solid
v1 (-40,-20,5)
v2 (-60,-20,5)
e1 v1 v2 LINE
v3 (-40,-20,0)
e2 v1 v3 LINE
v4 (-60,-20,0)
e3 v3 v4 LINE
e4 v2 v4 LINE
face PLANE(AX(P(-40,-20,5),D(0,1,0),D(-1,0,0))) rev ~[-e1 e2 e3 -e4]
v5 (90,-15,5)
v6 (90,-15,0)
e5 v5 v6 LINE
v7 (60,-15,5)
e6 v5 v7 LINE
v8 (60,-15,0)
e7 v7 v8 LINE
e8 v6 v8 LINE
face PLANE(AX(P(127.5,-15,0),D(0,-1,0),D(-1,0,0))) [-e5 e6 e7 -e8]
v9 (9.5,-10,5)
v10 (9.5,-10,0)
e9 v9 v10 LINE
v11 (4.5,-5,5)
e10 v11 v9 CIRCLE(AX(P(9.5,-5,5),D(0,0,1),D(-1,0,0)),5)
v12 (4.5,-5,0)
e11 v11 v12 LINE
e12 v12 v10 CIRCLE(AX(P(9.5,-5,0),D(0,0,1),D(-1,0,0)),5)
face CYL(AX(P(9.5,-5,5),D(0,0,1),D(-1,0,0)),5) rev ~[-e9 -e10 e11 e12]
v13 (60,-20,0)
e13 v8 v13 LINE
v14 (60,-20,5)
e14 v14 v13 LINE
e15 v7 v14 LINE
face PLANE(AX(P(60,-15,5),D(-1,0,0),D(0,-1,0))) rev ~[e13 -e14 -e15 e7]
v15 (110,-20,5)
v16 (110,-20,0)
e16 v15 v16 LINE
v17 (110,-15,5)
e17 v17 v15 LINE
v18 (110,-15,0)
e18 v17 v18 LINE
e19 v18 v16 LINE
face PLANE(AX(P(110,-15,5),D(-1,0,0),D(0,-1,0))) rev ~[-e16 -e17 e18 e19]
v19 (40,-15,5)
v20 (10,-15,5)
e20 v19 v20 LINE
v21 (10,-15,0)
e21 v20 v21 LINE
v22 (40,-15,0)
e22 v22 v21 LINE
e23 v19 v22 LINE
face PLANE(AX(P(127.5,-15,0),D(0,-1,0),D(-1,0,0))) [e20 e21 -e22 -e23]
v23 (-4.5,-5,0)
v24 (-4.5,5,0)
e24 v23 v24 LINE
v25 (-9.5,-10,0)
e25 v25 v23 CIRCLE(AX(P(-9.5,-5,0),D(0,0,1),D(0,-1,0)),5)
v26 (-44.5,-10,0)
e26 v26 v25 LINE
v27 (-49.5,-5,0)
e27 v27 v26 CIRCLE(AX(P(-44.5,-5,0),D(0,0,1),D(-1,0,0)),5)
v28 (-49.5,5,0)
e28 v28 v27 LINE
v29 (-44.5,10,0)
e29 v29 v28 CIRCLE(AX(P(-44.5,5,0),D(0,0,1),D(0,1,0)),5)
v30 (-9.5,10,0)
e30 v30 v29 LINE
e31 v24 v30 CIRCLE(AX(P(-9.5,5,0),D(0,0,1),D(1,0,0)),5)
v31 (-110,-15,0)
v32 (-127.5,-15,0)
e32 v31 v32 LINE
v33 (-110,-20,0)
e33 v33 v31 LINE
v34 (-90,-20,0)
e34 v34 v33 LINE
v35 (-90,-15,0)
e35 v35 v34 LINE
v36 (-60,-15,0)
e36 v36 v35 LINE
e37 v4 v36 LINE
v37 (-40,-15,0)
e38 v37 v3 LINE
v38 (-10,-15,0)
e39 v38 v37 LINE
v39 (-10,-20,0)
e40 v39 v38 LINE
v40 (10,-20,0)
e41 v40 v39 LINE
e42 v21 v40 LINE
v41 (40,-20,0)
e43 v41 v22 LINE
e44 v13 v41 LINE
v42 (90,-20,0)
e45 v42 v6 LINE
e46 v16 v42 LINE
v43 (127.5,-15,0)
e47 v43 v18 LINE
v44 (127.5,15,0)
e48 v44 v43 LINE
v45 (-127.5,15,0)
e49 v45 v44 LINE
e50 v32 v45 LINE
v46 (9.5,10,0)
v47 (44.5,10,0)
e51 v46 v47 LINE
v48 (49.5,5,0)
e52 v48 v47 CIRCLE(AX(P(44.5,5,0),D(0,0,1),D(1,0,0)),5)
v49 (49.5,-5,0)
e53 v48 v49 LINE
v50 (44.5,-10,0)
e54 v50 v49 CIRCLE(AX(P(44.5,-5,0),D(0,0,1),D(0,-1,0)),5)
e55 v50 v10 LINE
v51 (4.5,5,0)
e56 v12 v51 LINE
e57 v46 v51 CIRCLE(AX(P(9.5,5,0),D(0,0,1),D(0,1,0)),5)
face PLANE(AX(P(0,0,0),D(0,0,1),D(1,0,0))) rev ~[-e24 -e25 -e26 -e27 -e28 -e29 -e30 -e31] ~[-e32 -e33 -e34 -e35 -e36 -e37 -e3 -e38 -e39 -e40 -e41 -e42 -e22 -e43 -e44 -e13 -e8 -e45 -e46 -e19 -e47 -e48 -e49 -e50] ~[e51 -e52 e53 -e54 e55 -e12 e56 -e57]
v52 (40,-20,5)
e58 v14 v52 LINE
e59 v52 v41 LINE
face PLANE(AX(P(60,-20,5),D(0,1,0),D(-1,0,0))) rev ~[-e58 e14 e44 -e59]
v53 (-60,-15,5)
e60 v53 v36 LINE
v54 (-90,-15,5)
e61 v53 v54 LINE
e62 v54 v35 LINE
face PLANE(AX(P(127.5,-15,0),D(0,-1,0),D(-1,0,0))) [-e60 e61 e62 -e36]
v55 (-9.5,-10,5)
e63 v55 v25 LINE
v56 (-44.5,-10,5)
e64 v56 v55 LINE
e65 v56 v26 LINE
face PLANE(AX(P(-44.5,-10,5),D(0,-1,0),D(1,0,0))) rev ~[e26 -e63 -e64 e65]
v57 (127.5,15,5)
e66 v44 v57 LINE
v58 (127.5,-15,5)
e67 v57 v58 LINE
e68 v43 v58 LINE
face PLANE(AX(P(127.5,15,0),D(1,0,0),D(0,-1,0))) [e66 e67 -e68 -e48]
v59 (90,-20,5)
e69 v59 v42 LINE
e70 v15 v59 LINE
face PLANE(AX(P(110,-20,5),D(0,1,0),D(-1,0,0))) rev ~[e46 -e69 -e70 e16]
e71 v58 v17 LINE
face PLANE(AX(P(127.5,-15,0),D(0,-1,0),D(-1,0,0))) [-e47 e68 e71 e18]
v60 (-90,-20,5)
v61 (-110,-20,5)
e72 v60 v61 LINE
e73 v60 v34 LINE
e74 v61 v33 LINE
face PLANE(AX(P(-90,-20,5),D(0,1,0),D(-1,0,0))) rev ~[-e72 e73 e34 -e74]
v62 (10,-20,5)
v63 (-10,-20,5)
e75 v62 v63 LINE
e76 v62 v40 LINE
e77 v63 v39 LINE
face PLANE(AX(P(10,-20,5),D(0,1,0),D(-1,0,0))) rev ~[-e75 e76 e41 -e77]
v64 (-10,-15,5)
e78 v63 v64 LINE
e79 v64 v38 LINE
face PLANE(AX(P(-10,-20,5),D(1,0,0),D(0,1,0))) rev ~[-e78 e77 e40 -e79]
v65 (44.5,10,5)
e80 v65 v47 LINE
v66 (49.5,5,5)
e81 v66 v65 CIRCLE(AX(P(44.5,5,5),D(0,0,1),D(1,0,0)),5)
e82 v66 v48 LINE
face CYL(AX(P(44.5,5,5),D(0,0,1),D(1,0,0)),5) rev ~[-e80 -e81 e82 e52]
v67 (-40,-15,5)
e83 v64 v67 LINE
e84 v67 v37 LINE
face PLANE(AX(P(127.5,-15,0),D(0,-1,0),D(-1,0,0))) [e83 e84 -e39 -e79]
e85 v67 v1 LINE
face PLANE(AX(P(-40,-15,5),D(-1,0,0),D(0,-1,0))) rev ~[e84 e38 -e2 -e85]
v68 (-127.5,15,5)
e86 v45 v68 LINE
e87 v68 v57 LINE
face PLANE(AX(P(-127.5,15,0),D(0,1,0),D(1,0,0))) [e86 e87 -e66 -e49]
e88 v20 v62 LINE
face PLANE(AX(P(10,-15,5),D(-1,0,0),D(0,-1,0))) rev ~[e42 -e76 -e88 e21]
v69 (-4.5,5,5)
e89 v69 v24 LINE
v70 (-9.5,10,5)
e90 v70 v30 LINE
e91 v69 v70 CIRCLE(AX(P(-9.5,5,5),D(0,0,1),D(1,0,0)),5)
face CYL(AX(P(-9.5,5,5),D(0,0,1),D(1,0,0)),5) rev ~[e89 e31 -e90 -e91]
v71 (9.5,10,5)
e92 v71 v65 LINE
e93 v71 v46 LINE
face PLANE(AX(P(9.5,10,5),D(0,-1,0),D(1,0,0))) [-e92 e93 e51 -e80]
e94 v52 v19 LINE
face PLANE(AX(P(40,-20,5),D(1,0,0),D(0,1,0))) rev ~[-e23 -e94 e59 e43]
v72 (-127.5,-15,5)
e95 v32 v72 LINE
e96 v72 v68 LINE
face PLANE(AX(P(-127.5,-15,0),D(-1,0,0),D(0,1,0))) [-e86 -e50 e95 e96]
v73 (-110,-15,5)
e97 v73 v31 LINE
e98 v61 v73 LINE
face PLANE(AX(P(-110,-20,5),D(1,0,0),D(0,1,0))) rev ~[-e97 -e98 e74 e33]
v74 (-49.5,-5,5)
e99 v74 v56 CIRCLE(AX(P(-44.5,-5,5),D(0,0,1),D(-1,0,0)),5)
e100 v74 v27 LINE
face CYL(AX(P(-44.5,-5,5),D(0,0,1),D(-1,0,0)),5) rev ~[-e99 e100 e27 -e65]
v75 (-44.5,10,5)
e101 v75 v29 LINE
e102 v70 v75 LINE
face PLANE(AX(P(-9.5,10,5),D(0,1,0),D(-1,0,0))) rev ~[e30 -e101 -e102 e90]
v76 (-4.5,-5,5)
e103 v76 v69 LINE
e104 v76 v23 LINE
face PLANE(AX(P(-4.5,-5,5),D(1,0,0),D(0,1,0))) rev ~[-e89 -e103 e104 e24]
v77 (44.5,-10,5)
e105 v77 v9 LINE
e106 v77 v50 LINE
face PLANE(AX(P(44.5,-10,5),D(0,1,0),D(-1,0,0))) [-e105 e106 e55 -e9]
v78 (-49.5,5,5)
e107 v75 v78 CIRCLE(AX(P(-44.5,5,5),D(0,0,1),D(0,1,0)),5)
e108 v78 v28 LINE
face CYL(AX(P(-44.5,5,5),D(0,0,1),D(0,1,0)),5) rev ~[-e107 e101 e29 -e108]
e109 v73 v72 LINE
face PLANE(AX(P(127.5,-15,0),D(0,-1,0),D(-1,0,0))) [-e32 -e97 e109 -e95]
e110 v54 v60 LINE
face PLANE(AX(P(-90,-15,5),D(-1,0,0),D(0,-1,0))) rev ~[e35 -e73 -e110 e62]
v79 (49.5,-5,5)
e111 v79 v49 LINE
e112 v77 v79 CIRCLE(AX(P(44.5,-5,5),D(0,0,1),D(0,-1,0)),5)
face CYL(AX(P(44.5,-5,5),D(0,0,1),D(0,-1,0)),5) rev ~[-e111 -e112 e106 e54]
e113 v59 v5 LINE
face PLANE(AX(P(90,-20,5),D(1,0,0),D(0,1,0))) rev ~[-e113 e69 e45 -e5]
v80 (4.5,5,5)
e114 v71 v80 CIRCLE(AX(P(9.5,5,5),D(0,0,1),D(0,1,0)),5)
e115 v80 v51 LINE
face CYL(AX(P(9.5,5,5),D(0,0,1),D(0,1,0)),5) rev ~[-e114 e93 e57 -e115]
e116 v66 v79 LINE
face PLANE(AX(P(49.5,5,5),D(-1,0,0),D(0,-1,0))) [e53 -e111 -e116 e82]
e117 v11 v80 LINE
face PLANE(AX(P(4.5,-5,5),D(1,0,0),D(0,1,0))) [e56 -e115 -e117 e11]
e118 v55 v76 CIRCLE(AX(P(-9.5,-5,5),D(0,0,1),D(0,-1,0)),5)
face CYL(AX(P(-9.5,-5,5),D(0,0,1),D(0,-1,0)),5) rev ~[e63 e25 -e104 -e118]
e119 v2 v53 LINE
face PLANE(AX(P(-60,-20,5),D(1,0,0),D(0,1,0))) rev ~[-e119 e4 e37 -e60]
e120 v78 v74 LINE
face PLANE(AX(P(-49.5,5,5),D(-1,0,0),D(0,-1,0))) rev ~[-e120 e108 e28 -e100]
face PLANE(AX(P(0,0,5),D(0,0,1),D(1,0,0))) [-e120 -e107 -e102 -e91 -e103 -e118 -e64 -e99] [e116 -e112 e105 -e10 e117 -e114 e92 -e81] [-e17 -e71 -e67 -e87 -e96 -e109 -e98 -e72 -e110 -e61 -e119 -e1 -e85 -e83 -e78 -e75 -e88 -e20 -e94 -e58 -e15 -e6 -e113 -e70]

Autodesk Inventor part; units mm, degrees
ref_plane "YZ Plane" through (0, 0, 0) normal (1, 0, 0) x (0, 1, 0)
ref_plane "XZ Plane" through (0, 0, 0) normal (0, 1, 0) x (-1, 0, 0)
ref_plane "XY Plane" through (0, 0, 0) normal (0, 0, 1) x (1, 0, 0)
sketch "Sketch1" plane through (0, 0, 0) normal (0, 0, 1) x (1, 0, 0)
  line L0 (-127.5, 15) -> (127.5, 15)
  line L1 (127.5, 15) -> (127.5, -15)
  line L2 (127.5, -15) -> (-127.5, -15)
  line L3 (-127.5, -15) -> (-127.5, 15)
  line L4 (-127.5, 15) -> (127.5, -15) construction
  line L5 (127.5, 15) -> (-127.5, -15) construction
  point P0 (0, 0)
  dimension "d0" = 255
  dimension "d1" = 30
extrude "Extrusion1" add sketch "Sketch1" along normal blind 5
sketch "Sketch2" plane through (0, 0, 5) normal (0, 0, 1) x (1, 0, 0)
  line L0 (-127.5, -15) -> (127.5, -15) projected
  line L1 (-110, -15) -> (-90, -15)
  line L2 (-90, -15) -> (-90, -20)
  line L3 (-90, -20) -> (-110, -20)
  line L4 (-110, -20) -> (-110, -15)
  line L5 (-60, -15) -> (-40, -15)
  line L6 (-40, -15) -> (-40, -20)
  line L7 (-40, -20) -> (-60, -20)
  line L8 (-60, -20) -> (-60, -15)
  line L9 (-10, -15) -> (10, -15)
  line L10 (10, -15) -> (10, -20)
  line L11 (10, -20) -> (-10, -20)
  line L12 (-10, -20) -> (-10, -15)
  line L13 (40, -15) -> (60, -15)
  line L14 (60, -15) -> (60, -20)
  line L15 (60, -20) -> (40, -20)
  line L16 (40, -20) -> (40, -15)
  line L17 (90, -15) -> (110, -15)
  line L18 (110, -15) -> (110, -20)
  line L19 (110, -20) -> (90, -20)
  line L20 (90, -20) -> (90, -15)
  point P0 (0, 0)
  point P1 (60, -15)
  point P2 (40, -15)
  point P3 (-90, -15)
  point P4 (-40, -15)
  point P5 (-60, -15)
  point P6 (10, -15)
  point P7 (-10, -15)
  point P8 (110, -15)
  point P9 (90, -15)
  dimension "d4" = 20
  dimension "d5" = 5
  dimension "d6" = 17.5
  dimension "d9" = 50
  dimension "d14" = 17.5
extrude "Extrusion2" add sketch "Sketch2" against normal blind 5
sketch "Sketch3" plane through (0, 0, 5) normal (0, 0, 1) x (1, 0, 0)
  line L0 (9.5, 10) -> (44.5, 10)
  line L1 (49.5, 5) -> (49.5, -5)
  line L2 (44.5, -10) -> (9.5, -10)
  line L3 (4.5, -5) -> (4.5, 5)
  line L4 (4.5, 10) -> (49.5, -10) construction
  line L5 (49.5, 10) -> (4.5, -10) construction
  line L6 (0, -10) -> (0, 0)
  line L7 (-9.5, 10) -> (-44.5, 10)
  line L8 (-49.5, 5) -> (-49.5, -5)
  line L9 (-44.5, -10) -> (-9.5, -10)
  line L10 (-4.5, -5) -> (-4.5, 5)
  line L11 (-4.5, 10) -> (-49.5, -10) construction
  line L12 (-49.5, 10) -> (-4.5, -10) construction
  arc A0 (49.5, 5) -> (44.5, 10) centre (44.5, 5) ccw
  arc A1 (44.5, -10) -> (49.5, -5) centre (44.5, -5) ccw
  arc A2 (4.5, -5) -> (9.5, -10) centre (9.5, -5) ccw
  arc A3 (9.5, 10) -> (4.5, 5) centre (9.5, 5) ccw
  arc A4 (-4.5, 5) -> (-9.5, 10) centre (-9.5, 5) ccw
  arc A5 (-9.5, -10) -> (-4.5, -5) centre (-9.5, -5) ccw
  arc A6 (-44.5, 10) -> (-49.5, 5) centre (-44.5, 5) ccw
  arc A7 (-49.5, -5) -> (-44.5, -10) centre (-44.5, -5) ccw
  point P0 (27, 0)
  point P1 (-27, 0)
  dimension "d17" = 45
  dimension "d18" = 20
  dimension "d19" = 27
  dimension "d22" = 5
extrude "Extrusion3" cut sketch "Sketch3" against normal blind 10
properties part number "Divisória-25cm Frontal"
